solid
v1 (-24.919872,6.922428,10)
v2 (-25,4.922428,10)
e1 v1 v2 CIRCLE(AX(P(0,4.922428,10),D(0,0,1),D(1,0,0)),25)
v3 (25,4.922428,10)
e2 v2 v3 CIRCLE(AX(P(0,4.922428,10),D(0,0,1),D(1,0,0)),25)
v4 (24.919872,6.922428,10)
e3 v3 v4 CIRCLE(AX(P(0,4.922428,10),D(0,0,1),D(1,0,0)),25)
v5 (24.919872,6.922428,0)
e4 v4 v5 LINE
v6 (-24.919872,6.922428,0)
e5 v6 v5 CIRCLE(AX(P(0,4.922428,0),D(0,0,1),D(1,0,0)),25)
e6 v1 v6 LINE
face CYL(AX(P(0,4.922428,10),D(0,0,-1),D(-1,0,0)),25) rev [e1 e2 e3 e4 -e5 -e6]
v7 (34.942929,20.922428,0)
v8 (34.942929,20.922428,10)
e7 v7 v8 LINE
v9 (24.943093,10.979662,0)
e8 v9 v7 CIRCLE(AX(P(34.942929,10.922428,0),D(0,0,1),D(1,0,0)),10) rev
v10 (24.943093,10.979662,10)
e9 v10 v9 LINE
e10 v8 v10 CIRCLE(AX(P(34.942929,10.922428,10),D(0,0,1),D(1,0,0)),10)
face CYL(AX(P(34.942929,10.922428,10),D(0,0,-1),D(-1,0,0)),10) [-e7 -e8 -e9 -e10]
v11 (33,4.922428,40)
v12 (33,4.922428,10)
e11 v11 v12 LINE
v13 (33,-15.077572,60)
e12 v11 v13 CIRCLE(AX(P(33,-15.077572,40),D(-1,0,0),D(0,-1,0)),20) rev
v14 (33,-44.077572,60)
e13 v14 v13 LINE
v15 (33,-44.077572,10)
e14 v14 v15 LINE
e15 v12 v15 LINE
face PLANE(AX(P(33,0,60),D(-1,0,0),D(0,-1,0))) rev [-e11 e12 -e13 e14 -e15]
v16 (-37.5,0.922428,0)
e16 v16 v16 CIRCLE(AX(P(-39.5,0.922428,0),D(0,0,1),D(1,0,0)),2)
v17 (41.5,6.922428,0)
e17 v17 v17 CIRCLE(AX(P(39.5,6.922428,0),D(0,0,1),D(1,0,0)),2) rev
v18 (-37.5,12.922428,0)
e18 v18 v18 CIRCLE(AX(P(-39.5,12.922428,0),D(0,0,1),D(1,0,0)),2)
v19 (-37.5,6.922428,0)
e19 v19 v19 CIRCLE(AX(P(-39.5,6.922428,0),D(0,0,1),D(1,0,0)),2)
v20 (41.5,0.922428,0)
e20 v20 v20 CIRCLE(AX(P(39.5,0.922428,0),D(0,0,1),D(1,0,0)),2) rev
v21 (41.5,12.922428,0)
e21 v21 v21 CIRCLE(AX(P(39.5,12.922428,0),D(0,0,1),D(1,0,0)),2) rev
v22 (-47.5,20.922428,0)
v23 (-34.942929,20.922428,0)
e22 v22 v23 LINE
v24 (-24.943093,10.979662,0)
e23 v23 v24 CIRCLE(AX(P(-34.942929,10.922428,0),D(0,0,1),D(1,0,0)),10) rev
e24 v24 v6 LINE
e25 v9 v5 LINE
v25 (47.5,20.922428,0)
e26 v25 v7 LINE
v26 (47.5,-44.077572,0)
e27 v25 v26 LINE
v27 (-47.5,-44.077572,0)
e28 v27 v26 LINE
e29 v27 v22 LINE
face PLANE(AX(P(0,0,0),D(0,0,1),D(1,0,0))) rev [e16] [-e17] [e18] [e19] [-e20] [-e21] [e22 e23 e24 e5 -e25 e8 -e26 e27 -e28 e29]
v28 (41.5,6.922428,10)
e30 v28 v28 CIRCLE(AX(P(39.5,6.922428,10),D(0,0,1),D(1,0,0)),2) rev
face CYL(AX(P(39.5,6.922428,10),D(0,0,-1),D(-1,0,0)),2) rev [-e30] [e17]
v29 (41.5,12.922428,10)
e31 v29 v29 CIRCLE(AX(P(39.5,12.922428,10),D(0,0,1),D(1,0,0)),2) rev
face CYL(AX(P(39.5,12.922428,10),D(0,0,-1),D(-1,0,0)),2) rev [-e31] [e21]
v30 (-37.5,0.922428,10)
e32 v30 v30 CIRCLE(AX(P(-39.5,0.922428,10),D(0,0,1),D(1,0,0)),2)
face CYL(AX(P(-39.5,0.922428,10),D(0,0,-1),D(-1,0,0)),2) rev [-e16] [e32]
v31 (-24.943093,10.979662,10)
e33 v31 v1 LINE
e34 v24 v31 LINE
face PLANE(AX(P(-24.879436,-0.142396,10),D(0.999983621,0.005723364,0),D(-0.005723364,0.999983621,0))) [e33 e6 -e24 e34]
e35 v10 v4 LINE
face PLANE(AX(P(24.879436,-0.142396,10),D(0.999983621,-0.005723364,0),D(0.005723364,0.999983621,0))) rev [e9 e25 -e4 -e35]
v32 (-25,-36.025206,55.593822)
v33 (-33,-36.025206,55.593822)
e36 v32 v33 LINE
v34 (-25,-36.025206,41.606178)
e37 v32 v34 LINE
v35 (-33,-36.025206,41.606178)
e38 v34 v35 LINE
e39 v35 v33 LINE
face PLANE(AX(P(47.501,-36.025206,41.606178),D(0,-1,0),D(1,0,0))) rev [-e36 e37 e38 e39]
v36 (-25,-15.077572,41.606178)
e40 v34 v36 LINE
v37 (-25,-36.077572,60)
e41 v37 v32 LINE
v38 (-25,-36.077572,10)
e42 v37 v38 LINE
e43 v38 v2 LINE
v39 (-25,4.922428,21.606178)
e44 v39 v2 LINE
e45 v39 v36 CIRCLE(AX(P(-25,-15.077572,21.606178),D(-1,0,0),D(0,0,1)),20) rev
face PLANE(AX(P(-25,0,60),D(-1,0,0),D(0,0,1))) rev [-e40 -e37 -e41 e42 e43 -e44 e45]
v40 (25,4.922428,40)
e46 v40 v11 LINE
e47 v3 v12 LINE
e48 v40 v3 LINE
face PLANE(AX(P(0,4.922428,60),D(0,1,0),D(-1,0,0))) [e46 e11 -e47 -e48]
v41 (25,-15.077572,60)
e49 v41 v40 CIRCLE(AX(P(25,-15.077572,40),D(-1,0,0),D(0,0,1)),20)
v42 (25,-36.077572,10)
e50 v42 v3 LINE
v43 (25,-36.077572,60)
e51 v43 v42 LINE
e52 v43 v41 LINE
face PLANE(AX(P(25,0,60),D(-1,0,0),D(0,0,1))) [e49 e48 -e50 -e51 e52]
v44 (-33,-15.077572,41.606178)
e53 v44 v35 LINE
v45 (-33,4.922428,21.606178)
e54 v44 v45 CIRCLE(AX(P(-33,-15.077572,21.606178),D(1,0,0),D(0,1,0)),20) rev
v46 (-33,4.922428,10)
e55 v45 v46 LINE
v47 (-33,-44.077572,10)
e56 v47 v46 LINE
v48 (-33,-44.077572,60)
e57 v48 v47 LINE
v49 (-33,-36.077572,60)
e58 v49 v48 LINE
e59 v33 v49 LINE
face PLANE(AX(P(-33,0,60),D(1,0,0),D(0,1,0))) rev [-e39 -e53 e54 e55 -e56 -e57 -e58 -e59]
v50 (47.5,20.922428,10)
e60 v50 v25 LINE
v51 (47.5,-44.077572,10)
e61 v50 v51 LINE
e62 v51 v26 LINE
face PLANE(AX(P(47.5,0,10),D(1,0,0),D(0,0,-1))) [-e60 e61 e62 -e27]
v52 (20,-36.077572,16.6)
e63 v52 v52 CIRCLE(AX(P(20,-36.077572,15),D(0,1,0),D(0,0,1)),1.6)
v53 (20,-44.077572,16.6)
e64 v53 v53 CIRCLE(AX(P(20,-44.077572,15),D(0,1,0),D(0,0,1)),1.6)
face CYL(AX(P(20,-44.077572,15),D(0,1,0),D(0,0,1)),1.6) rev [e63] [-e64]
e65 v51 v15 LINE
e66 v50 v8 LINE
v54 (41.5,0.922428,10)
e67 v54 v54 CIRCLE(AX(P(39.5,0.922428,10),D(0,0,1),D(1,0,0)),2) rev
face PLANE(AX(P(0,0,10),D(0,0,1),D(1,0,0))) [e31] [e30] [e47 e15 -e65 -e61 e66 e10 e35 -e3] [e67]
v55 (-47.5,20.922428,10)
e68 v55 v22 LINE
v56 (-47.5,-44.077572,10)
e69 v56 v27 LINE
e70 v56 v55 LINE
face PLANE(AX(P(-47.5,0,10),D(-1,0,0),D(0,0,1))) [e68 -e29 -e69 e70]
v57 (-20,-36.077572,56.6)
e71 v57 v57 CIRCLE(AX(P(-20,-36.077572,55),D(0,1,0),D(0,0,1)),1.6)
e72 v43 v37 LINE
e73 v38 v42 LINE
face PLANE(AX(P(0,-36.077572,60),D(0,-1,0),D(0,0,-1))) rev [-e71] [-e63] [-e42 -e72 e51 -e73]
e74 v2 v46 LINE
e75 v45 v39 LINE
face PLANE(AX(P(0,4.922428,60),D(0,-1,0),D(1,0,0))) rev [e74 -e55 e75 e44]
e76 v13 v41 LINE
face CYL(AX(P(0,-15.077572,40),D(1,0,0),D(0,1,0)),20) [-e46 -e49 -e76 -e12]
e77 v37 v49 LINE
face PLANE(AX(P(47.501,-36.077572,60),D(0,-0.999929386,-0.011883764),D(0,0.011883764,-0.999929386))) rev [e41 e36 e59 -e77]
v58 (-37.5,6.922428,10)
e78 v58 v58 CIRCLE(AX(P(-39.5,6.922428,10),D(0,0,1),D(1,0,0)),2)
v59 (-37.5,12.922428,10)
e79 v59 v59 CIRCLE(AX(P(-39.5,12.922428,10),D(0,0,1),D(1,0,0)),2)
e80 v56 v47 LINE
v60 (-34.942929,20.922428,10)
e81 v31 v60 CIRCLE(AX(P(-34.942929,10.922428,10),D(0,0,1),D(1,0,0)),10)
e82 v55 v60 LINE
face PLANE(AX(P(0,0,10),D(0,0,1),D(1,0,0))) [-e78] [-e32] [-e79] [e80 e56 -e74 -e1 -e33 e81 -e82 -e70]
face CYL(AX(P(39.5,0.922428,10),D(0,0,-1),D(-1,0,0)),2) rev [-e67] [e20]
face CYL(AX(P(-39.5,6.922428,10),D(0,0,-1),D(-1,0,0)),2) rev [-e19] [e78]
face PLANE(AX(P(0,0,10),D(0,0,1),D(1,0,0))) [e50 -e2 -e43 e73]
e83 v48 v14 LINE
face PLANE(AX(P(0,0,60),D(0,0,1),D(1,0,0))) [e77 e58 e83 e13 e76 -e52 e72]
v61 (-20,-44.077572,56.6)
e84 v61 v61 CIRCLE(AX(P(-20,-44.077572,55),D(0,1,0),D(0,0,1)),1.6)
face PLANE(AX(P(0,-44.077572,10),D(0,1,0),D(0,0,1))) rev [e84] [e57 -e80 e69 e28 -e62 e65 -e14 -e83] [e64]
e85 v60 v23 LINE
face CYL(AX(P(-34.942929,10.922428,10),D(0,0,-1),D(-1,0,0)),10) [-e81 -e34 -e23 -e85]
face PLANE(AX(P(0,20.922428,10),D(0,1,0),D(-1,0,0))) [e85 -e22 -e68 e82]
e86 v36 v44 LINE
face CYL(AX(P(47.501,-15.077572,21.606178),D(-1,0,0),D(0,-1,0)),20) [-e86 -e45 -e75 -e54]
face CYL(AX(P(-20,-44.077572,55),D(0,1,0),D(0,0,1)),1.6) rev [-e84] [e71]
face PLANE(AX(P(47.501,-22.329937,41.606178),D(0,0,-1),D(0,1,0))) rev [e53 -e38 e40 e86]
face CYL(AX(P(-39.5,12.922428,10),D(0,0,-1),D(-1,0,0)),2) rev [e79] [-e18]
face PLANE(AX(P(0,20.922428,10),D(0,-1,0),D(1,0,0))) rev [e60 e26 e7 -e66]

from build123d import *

# Parameters (mm, degrees)
SKETCH1_R             = 2
BOSS_EXTRUDE2_DEPTH   = 10
BOSS_EXTRUDE2_2_DEPTH = 10
BOSS_EXTRUDE2_3_DEPTH = 10
BOSS_EXTRUDE3_DEPTH   = 60
CUT_EXTRUDE1_REACH    = 111.65
FILLET3_R             = 20
FILLET4_R             = 10
FILLET5_R             = 20
SKETCH3_R             = 1.6
CUT_EXTRUDE3_DEPTH    = 96.421433651


with BuildPart() as part:
    # Sketch1 → Boss-Extrude2 (new body)
    with BuildSketch(Plane.XY):
        with BuildLine():
            Line((-47.5, 20.92242842), (-47.5, -44.07757158))
            Line((-47.5, -44.07757158), (-33, -44.07757158))
            Line((-33, -44.07757158), (-33, 4.92242842))
            Line((-33, 4.92242842), (-25, 4.92242842))
            ThreePointArc((-25, 4.92242842), (-24.979959865, 5.923230668), (-24.919871589, 6.92242842))
            Line((-24.919871589, 6.92242842), (-25, 20.92242842))
            Line((-25, 20.92242842), (-47.5, 20.92242842))
        make_face()
        with Locations((-39.5, 0.92242842)):
            Circle(SKETCH1_R, mode=Mode.SUBTRACT)
        with Locations((-39.5, 6.92242842)):
            Circle(SKETCH1_R, mode=Mode.SUBTRACT)
        with Locations((-39.5, 12.92242842)):
            Circle(SKETCH1_R, mode=Mode.SUBTRACT)
    extrude(amount=BOSS_EXTRUDE2_DEPTH)



with BuildPart() as body_2:
    # Sketch1 → Boss-Extrude2 2 (new body)
    with BuildSketch(Plane.XY):
        with BuildLine():
            Line((33, 4.92242842), (33, -44.07757158))
            Line((33, -44.07757158), (47.5, -44.07757158))
            Line((47.5, -44.07757158), (47.5, 20.92242842))
            Line((47.5, 20.92242842), (25, 20.92242842))
            Line((25, 20.92242842), (24.919871589, 6.92242842))
            ThreePointArc((24.919871589, 6.92242842), (24.979959865, 5.923230668), (25, 4.92242842))
            Line((25, 4.92242842), (33, 4.92242842))
        make_face()
        with Locations((39.5, 0.92242842)):
            Circle(SKETCH1_R, mode=Mode.SUBTRACT)
        with Locations((39.5, 6.92242842)):
            Circle(SKETCH1_R, mode=Mode.SUBTRACT)
        with Locations((39.5, 12.92242842)):
            Circle(SKETCH1_R, mode=Mode.SUBTRACT)
    extrude(amount=BOSS_EXTRUDE2_2_DEPTH)


with BuildPart() as body_3:
    # Sketch1 → Boss-Extrude2 3 (new body)
    with BuildSketch(Plane.XY):
        with BuildLine():
            ThreePointArc((25, 4.92242842), (0, -20.07757158), (-25, 4.92242842))
            Line((-25, 4.92242842), (-25, -36.07757158))
            Line((-25, -36.07757158), (25, -36.07757158))
            Line((25, -36.07757158), (25, 4.92242842))
        make_face()
    extrude(amount=BOSS_EXTRUDE2_3_DEPTH)


with BuildPart() as part_1:
    add(part.part)

    add(body_2.part)  # Boss-Extrude3 merges body 2

    add(body_3.part)  # Boss-Extrude3 merges body 3
    # Sketch1<8> → Boss-Extrude3 (add)
    with BuildSketch(Plane.XY):
        Polygon((-33, -44.07757158), (33, -44.07757158), (33, 4.92242842), (25, 4.92242842), (25, -36.07757158), (-25, -36.07757158), (-25, 4.92242842), (-33, 4.92242842), align=None)
    extrude(amount=BOSS_EXTRUDE3_DEPTH)

    # Sketch2 → Cut-Extrude1 (cut, up to next)
    with BuildSketch(Plane.ZY.offset(33), mode=Mode.PRIVATE) as cut_extrude1_sk1:
        Polygon((41.60617838, -22.329937261), (41.60617838, 4.92242842), (60, 4.92242842), (60, -36.07757158), (55.59382162, -36.025205899), (41.60617838, -36.025205899), align=None)
    cut_extrude1_tool1 = extrude(cut_extrude1_sk1.sketch, amount=-CUT_EXTRUDE1_REACH, mode=Mode.PRIVATE) & part_1.part
    add(cut_extrude1_tool1.solids().sort_by_distance((-33, -15.554527, 50.804273))[0], mode=Mode.SUBTRACT)

    # Fillet3
    fillet3_edges = [part_1.edges().sort_by_distance(p)[0] for p in [
        (29, 4.92242842, 60),
    ]]
    fillet(fillet3_edges, radius=FILLET3_R)

    # Fillet4
    fillet4_edges = [part_1.edges().sort_by_distance(p)[0] for p in [
        (25, 20.92242842, 5),
        (-25, 20.92242842, 5),
    ]]
    fillet(fillet4_edges, radius=FILLET4_R)

    # Fillet5
    fillet5_edges = [part_1.edges().sort_by_distance(p)[0] for p in [
        (-29, 4.92242842, 41.60617838),
    ]]
    fillet(fillet5_edges, radius=FILLET5_R)

    # Sketch3 → Cut-Extrude3 (cut, through all)
    with BuildSketch(Plane(origin=(0, -36.07757158, 0), x_dir=(1, 0, 0), z_dir=(0, 1, 0))):
        with Locations((-20, -55)):
            Circle(SKETCH3_R)
        with Locations((20, -15)):
            Circle(SKETCH3_R)
    extrude(amount=-CUT_EXTRUDE3_DEPTH, mode=Mode.SUBTRACT)


solid = part_1.part
